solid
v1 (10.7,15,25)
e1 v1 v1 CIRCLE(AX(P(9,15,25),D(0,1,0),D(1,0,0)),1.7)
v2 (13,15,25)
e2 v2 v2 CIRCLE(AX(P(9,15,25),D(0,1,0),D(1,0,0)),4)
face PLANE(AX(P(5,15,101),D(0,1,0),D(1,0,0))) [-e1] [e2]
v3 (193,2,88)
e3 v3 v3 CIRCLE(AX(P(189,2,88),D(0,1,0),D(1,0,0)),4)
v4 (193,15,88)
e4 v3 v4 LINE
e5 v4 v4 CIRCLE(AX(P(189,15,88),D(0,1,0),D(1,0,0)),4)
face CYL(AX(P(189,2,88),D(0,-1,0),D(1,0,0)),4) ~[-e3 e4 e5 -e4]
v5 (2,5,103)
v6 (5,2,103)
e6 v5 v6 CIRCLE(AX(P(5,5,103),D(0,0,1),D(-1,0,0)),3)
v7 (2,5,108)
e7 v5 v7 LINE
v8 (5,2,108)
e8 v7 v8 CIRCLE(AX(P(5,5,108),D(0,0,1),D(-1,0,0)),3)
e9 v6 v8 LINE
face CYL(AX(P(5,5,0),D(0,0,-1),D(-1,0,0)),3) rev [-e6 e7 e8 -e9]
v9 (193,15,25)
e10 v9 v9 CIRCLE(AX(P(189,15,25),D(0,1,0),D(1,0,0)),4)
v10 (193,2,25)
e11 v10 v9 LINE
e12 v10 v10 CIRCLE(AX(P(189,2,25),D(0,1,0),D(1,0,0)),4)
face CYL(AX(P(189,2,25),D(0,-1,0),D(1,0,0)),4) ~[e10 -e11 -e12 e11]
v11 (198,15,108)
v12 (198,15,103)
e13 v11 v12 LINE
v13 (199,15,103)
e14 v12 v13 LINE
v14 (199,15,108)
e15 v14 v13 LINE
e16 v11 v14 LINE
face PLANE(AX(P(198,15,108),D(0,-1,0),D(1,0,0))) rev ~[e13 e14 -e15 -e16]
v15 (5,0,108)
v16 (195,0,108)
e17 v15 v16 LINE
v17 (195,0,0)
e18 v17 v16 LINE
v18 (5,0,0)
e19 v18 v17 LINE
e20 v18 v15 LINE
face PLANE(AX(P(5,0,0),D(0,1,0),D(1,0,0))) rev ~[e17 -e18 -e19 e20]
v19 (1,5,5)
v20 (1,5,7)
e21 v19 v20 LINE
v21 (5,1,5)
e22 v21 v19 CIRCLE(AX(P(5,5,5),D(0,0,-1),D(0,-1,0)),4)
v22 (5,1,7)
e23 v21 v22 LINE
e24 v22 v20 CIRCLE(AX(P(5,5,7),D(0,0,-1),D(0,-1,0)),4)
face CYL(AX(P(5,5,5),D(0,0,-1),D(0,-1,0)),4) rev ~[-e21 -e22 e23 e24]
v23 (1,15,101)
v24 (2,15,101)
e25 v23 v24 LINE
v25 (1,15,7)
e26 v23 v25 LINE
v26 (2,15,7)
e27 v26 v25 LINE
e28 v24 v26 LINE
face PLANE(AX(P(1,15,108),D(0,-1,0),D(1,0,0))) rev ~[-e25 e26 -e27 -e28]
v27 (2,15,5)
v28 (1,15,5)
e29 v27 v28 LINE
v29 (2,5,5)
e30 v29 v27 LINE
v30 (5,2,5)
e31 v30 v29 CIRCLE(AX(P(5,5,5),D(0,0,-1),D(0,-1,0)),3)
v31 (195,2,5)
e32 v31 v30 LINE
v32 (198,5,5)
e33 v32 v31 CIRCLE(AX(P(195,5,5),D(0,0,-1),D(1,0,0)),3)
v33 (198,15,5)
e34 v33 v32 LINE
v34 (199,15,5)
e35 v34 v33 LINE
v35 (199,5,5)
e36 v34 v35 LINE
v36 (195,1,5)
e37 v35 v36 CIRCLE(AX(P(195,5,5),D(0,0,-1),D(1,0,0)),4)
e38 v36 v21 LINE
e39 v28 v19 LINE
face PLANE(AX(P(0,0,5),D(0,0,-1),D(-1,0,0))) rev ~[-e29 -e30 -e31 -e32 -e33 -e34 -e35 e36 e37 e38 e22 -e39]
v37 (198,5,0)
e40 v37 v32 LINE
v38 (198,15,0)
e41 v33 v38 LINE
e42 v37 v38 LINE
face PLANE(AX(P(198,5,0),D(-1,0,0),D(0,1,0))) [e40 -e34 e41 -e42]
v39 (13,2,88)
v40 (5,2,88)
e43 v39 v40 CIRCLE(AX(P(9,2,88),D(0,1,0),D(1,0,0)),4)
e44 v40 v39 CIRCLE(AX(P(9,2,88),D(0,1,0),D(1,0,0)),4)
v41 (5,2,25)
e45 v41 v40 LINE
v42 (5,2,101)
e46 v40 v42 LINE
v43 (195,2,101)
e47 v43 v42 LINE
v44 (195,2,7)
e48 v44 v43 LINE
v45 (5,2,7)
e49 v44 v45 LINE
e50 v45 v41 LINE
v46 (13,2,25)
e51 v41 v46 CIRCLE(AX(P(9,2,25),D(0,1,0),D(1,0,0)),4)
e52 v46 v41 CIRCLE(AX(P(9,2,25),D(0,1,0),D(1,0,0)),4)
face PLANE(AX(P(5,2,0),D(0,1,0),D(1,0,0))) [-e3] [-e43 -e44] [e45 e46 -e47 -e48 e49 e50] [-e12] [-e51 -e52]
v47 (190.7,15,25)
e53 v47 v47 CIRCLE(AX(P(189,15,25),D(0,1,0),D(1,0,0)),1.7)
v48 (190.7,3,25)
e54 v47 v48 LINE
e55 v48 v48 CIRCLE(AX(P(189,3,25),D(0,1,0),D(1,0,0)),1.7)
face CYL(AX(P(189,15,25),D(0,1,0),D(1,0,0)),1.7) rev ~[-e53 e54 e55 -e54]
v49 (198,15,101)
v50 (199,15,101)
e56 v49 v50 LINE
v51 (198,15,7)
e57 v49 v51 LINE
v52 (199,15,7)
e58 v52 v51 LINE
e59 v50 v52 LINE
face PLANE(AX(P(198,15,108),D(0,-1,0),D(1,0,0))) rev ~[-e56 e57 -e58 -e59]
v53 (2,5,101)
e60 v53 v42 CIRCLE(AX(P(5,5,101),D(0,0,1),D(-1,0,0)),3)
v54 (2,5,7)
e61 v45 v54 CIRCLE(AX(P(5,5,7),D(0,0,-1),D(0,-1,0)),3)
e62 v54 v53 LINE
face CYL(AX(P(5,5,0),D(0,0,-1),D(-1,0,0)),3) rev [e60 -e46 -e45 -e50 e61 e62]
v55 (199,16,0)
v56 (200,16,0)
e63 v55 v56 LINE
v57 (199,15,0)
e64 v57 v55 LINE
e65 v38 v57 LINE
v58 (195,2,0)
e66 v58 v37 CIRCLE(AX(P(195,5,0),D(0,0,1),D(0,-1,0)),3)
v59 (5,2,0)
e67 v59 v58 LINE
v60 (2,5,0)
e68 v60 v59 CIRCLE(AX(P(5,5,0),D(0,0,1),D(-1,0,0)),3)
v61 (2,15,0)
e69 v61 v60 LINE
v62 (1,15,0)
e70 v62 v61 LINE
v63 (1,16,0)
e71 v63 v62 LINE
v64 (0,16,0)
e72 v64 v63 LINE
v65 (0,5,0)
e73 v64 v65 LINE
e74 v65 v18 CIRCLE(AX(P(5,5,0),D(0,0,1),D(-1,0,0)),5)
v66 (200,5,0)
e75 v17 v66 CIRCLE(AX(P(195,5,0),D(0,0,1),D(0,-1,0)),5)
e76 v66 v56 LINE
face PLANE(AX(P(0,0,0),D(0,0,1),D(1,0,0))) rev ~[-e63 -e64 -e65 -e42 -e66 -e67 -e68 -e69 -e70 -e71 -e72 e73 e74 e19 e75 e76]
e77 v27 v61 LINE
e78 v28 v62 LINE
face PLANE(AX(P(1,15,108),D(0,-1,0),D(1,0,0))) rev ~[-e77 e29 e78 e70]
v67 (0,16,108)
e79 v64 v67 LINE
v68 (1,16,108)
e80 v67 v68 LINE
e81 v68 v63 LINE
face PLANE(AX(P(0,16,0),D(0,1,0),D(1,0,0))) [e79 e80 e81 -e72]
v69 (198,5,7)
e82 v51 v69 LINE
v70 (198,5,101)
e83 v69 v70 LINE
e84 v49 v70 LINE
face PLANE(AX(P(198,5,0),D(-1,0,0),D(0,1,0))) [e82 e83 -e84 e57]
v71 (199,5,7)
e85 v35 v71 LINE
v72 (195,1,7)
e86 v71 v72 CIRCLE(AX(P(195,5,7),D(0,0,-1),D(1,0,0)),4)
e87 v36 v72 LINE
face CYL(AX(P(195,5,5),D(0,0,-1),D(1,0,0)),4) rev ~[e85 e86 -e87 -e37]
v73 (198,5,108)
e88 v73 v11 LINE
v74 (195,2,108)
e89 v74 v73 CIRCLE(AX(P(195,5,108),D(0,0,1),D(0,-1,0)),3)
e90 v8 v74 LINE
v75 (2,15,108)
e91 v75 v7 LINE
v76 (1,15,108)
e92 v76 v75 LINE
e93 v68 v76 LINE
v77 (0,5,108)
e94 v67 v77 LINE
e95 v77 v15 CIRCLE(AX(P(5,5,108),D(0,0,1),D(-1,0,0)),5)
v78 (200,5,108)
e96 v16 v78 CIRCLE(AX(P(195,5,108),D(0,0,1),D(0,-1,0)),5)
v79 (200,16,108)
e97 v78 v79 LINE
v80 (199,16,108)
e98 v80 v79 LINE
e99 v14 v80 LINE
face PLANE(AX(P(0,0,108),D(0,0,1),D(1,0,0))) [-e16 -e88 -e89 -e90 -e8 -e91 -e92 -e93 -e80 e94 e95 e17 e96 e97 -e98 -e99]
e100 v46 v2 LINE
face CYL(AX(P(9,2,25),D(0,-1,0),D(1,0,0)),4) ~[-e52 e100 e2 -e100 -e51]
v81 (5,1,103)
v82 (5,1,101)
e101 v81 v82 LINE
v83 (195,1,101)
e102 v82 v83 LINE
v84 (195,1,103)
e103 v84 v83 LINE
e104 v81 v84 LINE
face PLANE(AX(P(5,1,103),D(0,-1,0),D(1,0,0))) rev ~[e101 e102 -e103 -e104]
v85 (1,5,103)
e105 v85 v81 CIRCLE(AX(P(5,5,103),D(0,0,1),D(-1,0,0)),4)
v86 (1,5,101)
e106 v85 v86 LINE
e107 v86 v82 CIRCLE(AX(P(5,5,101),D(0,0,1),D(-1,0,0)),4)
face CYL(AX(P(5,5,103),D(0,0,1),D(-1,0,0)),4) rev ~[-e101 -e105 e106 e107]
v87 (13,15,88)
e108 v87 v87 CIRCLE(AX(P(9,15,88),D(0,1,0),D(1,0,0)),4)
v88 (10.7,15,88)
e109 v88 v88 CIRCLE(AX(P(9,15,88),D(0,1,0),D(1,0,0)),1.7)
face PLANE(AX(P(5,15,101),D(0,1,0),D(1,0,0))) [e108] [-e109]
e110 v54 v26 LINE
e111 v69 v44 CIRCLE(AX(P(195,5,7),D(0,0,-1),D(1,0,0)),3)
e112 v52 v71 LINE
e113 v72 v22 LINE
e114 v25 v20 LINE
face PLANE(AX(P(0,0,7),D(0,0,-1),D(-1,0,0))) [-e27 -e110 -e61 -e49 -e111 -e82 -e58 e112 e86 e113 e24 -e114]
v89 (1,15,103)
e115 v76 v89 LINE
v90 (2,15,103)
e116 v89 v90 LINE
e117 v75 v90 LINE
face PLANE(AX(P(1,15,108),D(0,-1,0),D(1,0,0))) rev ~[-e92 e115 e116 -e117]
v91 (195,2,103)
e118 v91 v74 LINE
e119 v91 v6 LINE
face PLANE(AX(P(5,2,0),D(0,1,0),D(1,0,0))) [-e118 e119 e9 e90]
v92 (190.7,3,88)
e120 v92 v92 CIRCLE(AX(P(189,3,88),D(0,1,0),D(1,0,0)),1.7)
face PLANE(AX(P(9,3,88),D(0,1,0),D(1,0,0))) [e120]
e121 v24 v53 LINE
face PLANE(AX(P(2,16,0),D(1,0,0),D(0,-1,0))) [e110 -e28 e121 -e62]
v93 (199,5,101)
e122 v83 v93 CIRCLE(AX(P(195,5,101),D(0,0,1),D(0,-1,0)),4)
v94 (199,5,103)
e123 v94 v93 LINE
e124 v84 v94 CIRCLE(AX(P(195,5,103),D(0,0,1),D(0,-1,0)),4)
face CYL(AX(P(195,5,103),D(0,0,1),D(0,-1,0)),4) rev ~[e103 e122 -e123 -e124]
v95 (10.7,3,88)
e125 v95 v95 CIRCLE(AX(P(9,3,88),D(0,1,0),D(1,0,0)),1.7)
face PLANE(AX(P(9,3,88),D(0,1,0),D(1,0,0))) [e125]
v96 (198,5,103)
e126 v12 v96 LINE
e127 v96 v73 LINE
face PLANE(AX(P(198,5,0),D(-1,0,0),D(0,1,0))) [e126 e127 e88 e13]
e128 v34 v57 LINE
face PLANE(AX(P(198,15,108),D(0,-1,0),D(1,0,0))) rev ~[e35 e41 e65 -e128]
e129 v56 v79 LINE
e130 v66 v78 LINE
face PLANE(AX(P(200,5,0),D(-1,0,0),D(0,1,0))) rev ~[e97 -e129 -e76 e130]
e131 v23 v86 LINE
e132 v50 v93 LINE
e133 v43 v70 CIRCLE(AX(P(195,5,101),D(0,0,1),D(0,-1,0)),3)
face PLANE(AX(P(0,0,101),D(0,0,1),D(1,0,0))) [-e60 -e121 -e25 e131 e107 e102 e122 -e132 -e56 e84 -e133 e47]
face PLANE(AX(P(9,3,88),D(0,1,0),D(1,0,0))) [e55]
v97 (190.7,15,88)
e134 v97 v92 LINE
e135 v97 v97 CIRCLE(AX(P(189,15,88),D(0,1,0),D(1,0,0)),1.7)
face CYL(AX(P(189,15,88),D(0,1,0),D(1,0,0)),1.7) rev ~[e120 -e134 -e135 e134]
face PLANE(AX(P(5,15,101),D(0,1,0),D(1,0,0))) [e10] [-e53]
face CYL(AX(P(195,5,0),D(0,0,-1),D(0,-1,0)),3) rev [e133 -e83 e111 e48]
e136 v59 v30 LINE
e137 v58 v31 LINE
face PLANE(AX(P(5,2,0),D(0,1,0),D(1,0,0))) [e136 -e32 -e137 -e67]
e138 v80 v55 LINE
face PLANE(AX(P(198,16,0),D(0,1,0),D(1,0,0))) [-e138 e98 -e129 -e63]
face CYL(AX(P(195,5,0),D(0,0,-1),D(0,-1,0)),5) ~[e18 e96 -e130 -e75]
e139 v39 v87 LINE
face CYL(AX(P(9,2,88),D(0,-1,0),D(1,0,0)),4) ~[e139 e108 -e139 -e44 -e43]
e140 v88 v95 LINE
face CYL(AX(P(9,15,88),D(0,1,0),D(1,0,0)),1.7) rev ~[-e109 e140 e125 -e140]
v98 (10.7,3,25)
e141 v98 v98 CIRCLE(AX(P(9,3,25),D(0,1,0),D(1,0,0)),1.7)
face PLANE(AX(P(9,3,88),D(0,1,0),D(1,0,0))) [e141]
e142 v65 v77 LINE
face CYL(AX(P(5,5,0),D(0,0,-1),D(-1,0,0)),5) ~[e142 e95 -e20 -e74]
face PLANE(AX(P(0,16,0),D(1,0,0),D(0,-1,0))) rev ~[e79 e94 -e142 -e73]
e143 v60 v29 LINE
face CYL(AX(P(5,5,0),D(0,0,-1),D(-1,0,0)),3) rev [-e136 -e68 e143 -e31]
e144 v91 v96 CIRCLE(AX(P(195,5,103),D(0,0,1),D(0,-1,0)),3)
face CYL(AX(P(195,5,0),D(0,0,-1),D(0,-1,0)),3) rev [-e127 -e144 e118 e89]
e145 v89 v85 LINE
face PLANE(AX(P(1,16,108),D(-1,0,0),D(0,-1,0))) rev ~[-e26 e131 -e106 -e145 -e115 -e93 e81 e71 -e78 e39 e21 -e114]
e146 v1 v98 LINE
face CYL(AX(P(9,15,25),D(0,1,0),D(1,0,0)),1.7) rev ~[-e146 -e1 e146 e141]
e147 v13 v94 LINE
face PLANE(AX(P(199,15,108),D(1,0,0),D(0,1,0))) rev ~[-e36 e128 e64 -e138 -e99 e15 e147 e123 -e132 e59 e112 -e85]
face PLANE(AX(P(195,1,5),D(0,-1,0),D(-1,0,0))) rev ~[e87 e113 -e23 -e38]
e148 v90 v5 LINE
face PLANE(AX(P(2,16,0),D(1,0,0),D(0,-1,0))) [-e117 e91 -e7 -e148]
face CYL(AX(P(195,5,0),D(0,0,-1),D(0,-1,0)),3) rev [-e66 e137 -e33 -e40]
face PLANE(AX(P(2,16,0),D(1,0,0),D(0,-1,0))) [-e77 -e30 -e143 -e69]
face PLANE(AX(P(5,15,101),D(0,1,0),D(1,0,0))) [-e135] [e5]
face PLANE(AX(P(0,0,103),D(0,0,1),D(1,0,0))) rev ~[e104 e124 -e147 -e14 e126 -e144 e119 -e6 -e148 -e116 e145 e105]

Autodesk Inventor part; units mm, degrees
ref_plane "YZ Plane" through (0, 0, 0) normal (1, 0, 0) x (0, 1, 0)
sketch "Sketch1" plane through (0, 0, 0) normal (0, 0, 1) x (1, 0, 0)
  line L0 (0, 16) -> (0, 5)
  line L1 (5, 0) -> (195, 0)
  line L2 (200, 5) -> (200, 16)
  arc A0 (0, 5) -> (5, 0) centre (5, 5) ccw
  arc A1 (195, 0) -> (200, 5) centre (195, 5) ccw
  line L3 (2, 16) -> (2, 5)
  arc A2 (2, 5) -> (5, 2) centre (5, 5) ccw
  line L4 (5, 2) -> (195, 2)
  arc A3 (195, 2) -> (198, 5) centre (195, 5) ccw
  line L5 (198, 5) -> (198, 16)
  line L6 (0, 16) -> (2, 16)
  line L7 (198, 16) -> (200, 16)
  point P0 (0, 0)
  dimension "fillet2" = 5
  dimension "thickness2" = 2
  dimension "caseBottomWidth2" = 200
  dimension "caseBottomHeight2" = 16
extrude "Extrusion1" add sketch "Sketch1" along normal blind 108
ref_plane "Work Plane1" through (0, 0, 103) normal (0, 0, 1) x (1, 0, 0)
sketch "Sketch3" plane through (0, 0, 103) normal (0, 0, 1) x (1, 0, 0)
  line L0 (2, 16) -> (1, 16)
  line L1 (2, 16) -> (2, 5)
  line L2 (1, 16) -> (1, 5)
  line L3 (195, 2) -> (5, 2) projected
  line L4 (195, 2) -> (5, 2)
  line L5 (198, 16) -> (198, 5) projected
  line L6 (198, 16) -> (198, 5)
  line L7 (198, 16) -> (199, 16)
  line L8 (199, 16) -> (199, 5)
  line L9 (5, 1) -> (195, 1)
  arc A0 (2, 5) -> (5, 2) centre (5, 5) ccw
  arc A1 (195, 2) -> (198, 5) centre (195, 5) ccw
  arc A2 (1, 5) -> (5, 1) centre (5, 5) ccw
  arc A3 (195, 1) -> (199, 5) centre (195, 5) ccw
  point P0 (0, 0)
  dimension "d8" = 1
  dimension "d9" = 1
  dimension "d10" = 1
  dimension "filletInner2" = 3
  dimension "filletMid2" = 4
extrude "Extrusion2" cut sketch "Sketch3" against normal blind 2
ref_plane "Work Plane2" through (0, 0, 5) normal (0, 0, -1) x (-1, 0, 0)
sketch "Sketch5" plane through (0, 0, 5) normal (0, 0, -1) x (-1, 0, 0)
  line L0 (-200, 16) -> (-198, 16) projected
  line L1 (-198, 16) -> (-198, 5)
  line L2 (-199, 16) -> (-199, 5)
  line L3 (-2, 5) -> (-2, 16) projected
  line L4 (-2, 16) -> (-2, 5)
  line L5 (-2, 16) -> (0, 16) projected
  line L6 (-1, 16) -> (-1, 5)
  line L7 (-195, 2) -> (-5, 2)
  line L8 (-195, 1) -> (-5, 1)
  line L9 (-195, 2) -> (-5, 2) projected
  arc A0 (-198, 5) -> (-195, 2) centre (-195, 5) ccw
  arc A1 (-5, 2) -> (-2, 5) centre (-5, 5) ccw
  arc A2 (-199, 5) -> (-195, 1) centre (-195, 5) ccw
  arc A3 (-5, 1) -> (-1, 5) centre (-5, 5) ccw
  point P0 (0, 0)
  dimension "d21" = 1
  dimension "d22" = 3
  dimension "d23" = 4
extrude "Extrusion4" cut sketch "Sketch5" against normal blind 2
sketch "Sketch7" plane through (0, 0, 108) normal (0, 0, 1) x (1, 0, 0)
  line L0 (2, 16) -> (0, 16) projected
  line L1 (2, 16) -> (1, 16)
  line L2 (1, 16) -> (1, 15)
  line L3 (1, 15) -> (2, 15)
  line L4 (2, 15) -> (2, 16)
  line L5 (199, 5) -> (199, 16) projected
  line L6 (198, 16) -> (198, 5) projected
  line L7 (199, 16) -> (198, 16)
  line L8 (198, 16) -> (198, 15)
  line L9 (198, 15) -> (199, 15)
  line L10 (199, 15) -> (199, 16)
  point P0 (0, 0)
  dimension "d28" = 1
  dimension "d29" = 1
extrude "Extrusion6" cut sketch "Sketch7" against normal through all
sketch "Sketch8" plane through (5, 2, 101) normal (0, 1, 0) x (1, 0, 0)
  circle A0 centre (4, 76) radius 4
  line L0 (-5, 101) -> (-5, -7) projected
  line L1 (190, 101) -> (0, 101) projected
  circle A1 centre (184, 76) radius 4
  circle A2 centre (4, 13) radius 4
  circle A3 centre (184, 13) radius 4
  dimension "d32" = 9
  dimension "d33" = 25
  dimension "d34" = 8
  dimension "d37" = 180
  dimension "d40" = 63
extrude "Extrusion7" add sketch "Sketch8" along normal blind 13
sketch "Sketch9" plane through (9, 15, 88) normal (0, 1, 0) x (1, 0, 0)
  circle A0 centre (0, 63) radius 4 projected
  circle A1 centre (0, 63) radius 1.7
  circle A2 centre (0, 0) radius 1.7
  circle A3 centre (180, 0) radius 1.7
  circle A4 centre (180, 63) radius 4 projected
  circle A5 centre (180, 63) radius 1.7
  circle A6 centre (180, 0) radius 4 projected
  circle A7 centre (0, 0) radius 4 projected
  point P0 (-9, 88)
  dimension "d45" = 3.4
extrude "Extrusion8" cut sketch "Sketch9" against normal blind 12 contours A1 | A2 | A3 | A5
equation "\"fillet2\" = fillet"
equation "\"thickness2\" = thickness"
equation "\"caseBottomWidth2\" = caseBottomWidth"
equation "\"caseBottomHeight2\" = caseBottomHeight"
equation "\"caseBottomDepth2\" = caseBottomDepth"
equation "\"d8\" = 0.5 * thickness2"
equation "\"d9\" = 0.5 * thickness2"
equation "\"d10\" = 0.5 * thickness2"
equation "\"filletInner2\" = filletInner"
equation "\"filletMid2\" = filletMid"
equation "\"d13\" = thickness2"
equation "\"d21\" = 0.5 * thickness2"
equation "\"d22\" = filletInner2"
equation "\"d23\" = filletMid2"
equation "\"d24\" = thickness2"
equation "\"d28\" = lipHeight"
equation "\"d29\" = 0.5 * thickness"
equation "\"d32\" = caseJoinOffsetFromSide"
equation "\"d33\" = caseJoinOffsetFromBack"
equation "\"d34\" = caseJoinDiameter"
equation "\"d37\" = caseJoinSpacingLeftRight"
equation "\"d40\" = caseJoinSpacingFrontBack"
equation "\"d43\" = caseBottomHeight2 - 1.5 * thickness"
equation "\"d45\" = holeDiameter"
equation "\"d46\" = caseBottomHeight2 - 2 * thickness"
equation "\"frontBackOffset2\" = frontBackOffset"
equation "\"d15\" = frontBackOffset2"
equation "\"fillet\" = 5"
equation "\"thickness\" = 2"
equation "\"caseBottomWidth\" = 200"
equation "\"caseBottomHeight\" = 16"
equation "\"caseBottomDepth\" = 108"
equation "\"filletInner\" = 3"
equation "\"filletMid\" = 4"
equation "\"lipHeight\" = 1"
equation "\"caseJoinOffsetFromSide\" = 9"
equation "\"caseJoinOffsetFromBack\" = 25"
equation "\"caseJoinDiameter\" = 8"
equation "\"caseJoinSpacingLeftRight\" = 180"
equation "\"caseJoinSpacingFrontBack\" = 63"
equation "\"holeDiameter\" = 3.4"
equation "\"frontBackOffset\" = -5"
properties part number "case-bottom"
